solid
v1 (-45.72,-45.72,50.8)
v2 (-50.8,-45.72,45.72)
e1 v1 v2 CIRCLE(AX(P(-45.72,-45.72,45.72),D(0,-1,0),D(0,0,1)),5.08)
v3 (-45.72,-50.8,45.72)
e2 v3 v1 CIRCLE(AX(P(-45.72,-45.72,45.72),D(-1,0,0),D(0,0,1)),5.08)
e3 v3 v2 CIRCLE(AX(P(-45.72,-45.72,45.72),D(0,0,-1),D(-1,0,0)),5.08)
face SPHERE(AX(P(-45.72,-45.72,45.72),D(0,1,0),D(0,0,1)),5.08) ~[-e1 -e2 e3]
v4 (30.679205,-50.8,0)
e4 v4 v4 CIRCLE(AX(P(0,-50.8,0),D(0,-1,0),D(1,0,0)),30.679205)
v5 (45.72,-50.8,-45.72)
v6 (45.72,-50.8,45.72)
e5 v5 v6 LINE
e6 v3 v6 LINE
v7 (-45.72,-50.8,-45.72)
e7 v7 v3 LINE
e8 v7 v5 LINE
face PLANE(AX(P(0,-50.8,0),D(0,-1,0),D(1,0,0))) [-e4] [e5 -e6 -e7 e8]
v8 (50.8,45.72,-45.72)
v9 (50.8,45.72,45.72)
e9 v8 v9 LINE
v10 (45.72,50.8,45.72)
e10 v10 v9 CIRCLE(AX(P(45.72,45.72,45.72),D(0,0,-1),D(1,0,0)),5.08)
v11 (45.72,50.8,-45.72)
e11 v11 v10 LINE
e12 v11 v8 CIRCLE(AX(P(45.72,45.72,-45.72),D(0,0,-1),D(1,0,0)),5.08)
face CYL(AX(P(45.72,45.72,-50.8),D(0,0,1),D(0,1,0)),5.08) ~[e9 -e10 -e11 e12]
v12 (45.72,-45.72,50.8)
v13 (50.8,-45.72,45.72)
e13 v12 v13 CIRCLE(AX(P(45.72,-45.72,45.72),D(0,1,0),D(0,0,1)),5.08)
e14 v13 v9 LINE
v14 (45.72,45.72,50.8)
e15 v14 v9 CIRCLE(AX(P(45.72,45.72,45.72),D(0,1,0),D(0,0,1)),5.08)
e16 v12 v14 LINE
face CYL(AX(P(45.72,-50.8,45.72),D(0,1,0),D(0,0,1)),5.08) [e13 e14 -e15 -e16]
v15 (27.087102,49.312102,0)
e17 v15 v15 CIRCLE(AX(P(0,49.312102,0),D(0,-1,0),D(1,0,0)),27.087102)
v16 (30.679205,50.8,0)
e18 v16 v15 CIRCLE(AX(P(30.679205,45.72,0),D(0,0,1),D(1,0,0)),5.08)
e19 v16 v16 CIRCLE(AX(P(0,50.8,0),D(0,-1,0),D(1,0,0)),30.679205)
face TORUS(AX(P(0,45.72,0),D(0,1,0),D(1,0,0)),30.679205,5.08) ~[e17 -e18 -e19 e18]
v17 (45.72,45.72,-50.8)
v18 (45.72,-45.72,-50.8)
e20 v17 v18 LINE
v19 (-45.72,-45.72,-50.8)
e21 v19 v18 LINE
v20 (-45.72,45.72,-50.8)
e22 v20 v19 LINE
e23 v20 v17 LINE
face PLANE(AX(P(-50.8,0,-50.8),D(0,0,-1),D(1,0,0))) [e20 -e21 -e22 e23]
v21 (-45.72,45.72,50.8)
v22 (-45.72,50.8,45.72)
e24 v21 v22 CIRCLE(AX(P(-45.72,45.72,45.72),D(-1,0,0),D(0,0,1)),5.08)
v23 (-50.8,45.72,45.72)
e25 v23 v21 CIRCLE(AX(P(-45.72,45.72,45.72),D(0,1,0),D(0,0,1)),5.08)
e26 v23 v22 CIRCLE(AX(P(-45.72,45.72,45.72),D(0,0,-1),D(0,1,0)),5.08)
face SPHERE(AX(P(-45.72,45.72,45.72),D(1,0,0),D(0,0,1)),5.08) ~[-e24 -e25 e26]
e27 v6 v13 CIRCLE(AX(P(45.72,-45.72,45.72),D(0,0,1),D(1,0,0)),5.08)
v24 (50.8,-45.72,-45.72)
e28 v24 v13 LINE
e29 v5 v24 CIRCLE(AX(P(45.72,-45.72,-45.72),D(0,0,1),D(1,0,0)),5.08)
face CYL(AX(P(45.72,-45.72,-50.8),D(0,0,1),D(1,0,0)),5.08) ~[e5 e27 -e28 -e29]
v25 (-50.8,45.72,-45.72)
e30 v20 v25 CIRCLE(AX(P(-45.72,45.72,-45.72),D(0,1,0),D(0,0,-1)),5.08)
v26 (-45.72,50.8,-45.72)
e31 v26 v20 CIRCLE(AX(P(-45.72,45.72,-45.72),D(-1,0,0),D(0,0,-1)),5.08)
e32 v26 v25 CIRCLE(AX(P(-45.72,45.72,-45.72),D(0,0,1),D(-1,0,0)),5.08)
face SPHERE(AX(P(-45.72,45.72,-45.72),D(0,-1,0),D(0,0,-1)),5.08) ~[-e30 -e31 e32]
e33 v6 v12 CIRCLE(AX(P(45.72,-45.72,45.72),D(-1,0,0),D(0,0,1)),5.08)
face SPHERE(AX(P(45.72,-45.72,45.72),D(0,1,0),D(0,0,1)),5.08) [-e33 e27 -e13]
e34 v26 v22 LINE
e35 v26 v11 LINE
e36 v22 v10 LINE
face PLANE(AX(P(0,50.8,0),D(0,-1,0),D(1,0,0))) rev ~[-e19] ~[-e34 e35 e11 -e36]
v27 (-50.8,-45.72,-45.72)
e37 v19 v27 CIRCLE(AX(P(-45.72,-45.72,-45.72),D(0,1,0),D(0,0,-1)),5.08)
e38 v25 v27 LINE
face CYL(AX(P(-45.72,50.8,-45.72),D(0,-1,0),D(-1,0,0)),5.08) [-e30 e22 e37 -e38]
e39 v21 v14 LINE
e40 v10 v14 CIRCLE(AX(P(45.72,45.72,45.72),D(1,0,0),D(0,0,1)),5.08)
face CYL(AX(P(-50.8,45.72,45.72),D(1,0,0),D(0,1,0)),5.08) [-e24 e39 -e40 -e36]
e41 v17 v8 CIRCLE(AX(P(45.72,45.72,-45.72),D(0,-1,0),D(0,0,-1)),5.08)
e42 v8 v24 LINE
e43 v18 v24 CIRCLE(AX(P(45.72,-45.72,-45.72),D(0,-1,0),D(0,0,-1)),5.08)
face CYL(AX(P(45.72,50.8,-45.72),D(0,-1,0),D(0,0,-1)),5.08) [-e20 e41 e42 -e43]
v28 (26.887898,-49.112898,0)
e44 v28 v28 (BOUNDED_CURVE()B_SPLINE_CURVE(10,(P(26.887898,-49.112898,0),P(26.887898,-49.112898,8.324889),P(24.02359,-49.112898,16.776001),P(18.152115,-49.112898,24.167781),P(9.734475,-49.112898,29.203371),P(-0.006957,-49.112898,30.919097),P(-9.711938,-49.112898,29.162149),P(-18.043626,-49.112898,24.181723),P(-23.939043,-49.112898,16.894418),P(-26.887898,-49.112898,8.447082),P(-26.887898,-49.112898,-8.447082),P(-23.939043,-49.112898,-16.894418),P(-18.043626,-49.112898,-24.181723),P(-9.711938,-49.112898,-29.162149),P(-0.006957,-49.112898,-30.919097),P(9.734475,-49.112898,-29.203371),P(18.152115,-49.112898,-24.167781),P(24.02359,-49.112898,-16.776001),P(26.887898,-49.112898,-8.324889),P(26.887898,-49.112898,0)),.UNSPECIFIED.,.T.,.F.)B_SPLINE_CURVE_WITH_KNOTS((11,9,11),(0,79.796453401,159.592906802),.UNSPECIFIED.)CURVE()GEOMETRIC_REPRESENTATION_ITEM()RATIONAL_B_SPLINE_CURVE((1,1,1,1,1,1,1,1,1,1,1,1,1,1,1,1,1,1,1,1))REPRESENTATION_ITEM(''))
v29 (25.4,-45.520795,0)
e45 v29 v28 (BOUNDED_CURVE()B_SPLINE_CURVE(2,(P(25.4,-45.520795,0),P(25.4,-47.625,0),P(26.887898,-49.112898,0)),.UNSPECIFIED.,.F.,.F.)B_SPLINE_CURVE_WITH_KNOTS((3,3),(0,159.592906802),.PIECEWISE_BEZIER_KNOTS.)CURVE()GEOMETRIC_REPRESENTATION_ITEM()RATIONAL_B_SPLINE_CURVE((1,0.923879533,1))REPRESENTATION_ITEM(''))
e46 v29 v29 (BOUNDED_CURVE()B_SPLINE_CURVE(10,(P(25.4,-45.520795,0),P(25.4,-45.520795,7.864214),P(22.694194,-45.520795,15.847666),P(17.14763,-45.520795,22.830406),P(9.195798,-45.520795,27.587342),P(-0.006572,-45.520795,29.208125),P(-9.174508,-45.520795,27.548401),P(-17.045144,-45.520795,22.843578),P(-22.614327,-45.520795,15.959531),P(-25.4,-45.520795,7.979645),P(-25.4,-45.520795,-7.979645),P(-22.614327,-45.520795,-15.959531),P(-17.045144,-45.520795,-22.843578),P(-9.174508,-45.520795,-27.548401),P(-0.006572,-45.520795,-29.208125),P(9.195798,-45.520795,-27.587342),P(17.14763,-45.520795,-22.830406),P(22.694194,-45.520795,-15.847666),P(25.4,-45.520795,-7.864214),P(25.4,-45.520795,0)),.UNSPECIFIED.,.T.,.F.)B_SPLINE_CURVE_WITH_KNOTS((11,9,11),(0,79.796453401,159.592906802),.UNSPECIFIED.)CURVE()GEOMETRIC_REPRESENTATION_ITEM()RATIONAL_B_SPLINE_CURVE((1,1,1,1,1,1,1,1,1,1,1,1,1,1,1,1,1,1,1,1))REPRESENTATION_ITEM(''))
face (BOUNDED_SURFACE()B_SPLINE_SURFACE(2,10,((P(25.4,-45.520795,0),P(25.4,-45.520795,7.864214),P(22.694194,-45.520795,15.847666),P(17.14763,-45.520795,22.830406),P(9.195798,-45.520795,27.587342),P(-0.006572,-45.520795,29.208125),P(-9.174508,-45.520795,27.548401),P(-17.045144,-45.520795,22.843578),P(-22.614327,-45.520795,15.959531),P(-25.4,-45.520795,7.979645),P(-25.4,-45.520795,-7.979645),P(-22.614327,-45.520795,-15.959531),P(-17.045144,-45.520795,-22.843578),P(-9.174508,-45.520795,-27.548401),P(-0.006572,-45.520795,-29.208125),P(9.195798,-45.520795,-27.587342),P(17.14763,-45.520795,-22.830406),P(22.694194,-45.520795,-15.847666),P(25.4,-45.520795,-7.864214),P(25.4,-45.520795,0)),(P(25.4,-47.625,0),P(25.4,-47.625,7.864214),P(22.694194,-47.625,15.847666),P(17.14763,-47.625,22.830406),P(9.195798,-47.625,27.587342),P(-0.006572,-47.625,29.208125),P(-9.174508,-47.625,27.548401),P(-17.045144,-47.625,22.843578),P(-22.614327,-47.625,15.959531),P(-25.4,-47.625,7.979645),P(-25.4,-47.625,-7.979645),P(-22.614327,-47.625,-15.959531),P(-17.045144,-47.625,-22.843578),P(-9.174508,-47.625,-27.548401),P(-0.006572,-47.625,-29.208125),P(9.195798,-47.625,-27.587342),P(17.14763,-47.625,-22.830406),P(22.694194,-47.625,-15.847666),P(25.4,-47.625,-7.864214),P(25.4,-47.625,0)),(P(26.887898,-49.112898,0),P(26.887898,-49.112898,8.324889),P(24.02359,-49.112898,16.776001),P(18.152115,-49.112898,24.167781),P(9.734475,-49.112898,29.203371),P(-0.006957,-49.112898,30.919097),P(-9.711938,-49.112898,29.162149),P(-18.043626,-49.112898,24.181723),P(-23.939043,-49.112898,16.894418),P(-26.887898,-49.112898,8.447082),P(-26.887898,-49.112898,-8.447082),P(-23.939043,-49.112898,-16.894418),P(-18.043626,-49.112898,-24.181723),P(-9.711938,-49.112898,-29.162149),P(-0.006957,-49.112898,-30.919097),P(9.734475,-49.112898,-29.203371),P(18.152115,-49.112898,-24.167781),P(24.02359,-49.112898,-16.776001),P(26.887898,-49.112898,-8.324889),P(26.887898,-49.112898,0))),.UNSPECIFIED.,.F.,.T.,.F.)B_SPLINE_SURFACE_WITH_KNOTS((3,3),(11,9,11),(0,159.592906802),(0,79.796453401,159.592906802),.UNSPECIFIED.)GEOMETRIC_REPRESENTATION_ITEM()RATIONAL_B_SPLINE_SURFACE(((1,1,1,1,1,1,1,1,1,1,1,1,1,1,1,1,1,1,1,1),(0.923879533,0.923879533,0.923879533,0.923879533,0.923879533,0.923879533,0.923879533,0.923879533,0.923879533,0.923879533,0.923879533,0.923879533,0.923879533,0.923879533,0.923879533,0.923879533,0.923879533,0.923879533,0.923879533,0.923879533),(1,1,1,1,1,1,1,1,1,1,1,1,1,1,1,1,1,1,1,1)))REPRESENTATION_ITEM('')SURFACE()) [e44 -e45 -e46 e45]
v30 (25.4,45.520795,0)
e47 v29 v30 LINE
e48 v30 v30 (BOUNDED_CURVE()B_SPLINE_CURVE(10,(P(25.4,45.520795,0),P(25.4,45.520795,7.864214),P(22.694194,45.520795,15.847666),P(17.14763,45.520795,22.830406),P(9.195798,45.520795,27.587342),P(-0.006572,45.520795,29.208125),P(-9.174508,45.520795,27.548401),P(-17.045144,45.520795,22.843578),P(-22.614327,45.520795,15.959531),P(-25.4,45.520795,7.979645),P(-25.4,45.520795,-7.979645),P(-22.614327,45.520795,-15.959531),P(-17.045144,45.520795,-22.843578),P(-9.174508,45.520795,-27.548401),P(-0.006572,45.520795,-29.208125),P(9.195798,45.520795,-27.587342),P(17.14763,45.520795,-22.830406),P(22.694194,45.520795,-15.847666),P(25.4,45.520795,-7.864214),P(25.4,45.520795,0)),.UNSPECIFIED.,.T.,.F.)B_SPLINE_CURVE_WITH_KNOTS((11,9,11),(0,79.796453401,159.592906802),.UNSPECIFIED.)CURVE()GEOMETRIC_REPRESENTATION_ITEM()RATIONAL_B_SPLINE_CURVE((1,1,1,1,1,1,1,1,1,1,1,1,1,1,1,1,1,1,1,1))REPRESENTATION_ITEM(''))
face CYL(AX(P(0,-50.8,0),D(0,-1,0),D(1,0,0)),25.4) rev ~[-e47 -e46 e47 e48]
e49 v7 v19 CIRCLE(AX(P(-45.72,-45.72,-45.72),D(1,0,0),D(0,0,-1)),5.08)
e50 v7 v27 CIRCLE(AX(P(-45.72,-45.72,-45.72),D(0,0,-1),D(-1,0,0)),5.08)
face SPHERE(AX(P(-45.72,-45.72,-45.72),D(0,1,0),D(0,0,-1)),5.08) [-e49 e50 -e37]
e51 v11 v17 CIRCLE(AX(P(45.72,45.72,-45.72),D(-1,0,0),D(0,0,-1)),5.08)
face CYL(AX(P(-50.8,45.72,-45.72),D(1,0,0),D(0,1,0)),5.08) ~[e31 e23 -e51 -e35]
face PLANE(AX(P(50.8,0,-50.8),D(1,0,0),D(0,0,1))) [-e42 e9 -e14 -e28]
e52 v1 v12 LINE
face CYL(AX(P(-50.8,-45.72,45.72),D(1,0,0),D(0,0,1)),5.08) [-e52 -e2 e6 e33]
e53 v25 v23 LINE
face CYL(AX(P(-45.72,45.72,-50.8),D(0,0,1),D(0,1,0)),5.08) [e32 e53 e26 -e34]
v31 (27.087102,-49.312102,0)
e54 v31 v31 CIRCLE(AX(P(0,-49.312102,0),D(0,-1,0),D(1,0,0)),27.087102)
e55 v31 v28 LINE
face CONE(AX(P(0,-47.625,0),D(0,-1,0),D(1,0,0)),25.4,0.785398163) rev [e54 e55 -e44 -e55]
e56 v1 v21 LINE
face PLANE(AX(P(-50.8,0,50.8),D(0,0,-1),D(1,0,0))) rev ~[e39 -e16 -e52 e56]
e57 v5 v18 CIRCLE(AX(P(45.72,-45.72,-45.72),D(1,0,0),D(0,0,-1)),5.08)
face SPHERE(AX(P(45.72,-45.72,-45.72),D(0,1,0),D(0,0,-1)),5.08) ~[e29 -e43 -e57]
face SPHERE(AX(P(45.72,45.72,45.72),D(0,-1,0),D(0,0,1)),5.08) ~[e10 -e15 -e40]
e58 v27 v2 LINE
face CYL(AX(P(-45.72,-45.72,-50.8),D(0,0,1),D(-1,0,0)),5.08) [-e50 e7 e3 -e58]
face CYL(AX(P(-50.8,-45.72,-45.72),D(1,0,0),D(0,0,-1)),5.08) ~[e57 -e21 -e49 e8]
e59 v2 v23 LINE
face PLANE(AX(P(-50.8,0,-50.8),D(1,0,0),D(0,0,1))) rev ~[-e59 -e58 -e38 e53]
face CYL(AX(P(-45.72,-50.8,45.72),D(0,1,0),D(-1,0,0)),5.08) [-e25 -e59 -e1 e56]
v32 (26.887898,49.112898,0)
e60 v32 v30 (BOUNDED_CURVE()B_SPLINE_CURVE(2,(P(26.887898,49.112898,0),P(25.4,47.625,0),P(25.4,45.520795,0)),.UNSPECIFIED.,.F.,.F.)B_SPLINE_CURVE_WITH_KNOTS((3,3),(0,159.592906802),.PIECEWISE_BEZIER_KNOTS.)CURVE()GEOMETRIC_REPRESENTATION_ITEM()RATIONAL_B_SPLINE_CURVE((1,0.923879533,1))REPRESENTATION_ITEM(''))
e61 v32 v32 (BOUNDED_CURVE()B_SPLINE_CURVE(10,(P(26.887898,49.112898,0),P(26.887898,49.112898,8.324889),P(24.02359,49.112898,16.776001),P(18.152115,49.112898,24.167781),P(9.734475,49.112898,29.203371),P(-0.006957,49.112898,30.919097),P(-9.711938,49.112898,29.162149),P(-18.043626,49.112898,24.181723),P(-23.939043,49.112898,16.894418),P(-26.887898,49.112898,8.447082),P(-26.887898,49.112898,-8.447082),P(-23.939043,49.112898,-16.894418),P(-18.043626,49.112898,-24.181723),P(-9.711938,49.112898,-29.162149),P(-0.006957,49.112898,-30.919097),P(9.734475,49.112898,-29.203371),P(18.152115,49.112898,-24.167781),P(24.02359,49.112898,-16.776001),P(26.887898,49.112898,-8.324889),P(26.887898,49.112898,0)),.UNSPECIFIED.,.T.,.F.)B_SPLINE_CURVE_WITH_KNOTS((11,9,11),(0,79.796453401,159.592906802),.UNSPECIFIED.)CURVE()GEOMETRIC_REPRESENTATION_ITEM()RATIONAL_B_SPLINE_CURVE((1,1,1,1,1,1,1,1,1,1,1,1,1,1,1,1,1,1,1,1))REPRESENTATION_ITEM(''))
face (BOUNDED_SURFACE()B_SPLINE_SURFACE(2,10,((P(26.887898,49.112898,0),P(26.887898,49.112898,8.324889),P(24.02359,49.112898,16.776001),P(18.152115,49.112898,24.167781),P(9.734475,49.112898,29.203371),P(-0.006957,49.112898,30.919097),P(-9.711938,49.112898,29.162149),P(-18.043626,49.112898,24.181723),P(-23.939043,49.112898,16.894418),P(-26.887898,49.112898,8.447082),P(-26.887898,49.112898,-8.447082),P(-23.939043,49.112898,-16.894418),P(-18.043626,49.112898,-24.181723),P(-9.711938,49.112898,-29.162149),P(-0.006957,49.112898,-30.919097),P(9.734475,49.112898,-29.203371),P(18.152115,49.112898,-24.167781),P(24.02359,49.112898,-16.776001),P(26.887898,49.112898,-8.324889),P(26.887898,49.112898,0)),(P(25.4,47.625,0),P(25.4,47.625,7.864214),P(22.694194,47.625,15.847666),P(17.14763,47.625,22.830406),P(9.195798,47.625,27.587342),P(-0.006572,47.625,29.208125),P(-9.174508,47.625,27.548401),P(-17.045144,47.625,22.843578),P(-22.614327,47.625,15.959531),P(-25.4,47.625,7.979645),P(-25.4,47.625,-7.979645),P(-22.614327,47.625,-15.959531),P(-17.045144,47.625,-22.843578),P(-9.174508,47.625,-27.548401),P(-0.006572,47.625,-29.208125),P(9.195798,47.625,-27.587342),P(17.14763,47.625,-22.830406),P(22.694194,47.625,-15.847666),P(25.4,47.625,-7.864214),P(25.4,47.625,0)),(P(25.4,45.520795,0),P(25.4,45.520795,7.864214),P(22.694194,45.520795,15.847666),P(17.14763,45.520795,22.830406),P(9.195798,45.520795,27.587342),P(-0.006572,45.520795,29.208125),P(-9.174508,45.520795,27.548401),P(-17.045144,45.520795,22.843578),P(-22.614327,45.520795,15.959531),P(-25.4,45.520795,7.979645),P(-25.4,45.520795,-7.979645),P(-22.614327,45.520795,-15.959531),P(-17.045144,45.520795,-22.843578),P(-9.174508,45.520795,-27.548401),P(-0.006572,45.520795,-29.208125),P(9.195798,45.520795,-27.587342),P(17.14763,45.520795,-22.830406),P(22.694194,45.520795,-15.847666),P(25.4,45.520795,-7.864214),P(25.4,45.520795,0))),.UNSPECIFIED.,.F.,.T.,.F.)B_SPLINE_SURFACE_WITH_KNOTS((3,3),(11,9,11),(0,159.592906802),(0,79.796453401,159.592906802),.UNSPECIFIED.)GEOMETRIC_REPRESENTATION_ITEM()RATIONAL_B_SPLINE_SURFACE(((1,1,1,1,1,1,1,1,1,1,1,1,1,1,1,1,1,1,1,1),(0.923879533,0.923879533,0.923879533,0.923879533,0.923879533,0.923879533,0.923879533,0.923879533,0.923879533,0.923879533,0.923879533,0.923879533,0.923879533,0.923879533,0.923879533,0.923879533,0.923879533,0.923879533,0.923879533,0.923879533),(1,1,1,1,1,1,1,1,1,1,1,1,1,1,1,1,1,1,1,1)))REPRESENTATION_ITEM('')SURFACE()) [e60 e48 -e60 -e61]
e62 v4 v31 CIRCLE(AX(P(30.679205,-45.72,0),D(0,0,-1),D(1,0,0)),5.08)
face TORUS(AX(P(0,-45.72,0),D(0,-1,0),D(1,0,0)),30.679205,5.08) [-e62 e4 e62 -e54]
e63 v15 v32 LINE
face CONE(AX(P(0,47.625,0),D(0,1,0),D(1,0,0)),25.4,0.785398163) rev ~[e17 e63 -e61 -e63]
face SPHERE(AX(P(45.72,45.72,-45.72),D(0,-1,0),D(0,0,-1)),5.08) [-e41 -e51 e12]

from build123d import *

# Parameters (mm, degrees)
F0_W     = 101.6
F0_H     = 101.6
F1_DEPTH = 50.8
F2_R     = 25.4
F3_DEPTH = 101.601
F4_SIZE  = 3.175
F5_R     = 5.08


with BuildPart() as f1:
    # F0 (on Front) → F1 (new body, symmetric)
    with BuildSketch(Plane.XZ):
        Rectangle(F0_W, F0_H)
    extrude(amount=F1_DEPTH, both=True)

    # F2 (on face) → F3 (cut, through all)
    with BuildSketch(Plane.XZ.offset(50.8)):
        Circle(F2_R)
    extrude(amount=-F3_DEPTH, mode=Mode.SUBTRACT)

    # F4
    f4_edges = [f1.edges().sort_by_distance(p)[0] for p in [
        (-25.4, -50.8, 0),
        (-25.4, 50.8, 0),
    ]]
    chamfer(f4_edges, length=F4_SIZE)

    # F5
    f5_edges = [f1.edges().sort_by_distance(p)[0] for p in [
        (50.8, 0, -50.8),
        (50.8, 0, 50.8),
        (0, 50.8, 50.8),
        (-50.8, 0, 50.8),
        (0, -50.8, 50.8),
        (-50.8, 0, -50.8),
        (0, 50.8, -50.8),
        (0, -50.8, -50.8),
        (-50.8, 50.8, 0),
        (-50.8, -50.8, 0),
        (50.8, 50.8, 0),
        (50.8, -50.8, 0),
        (26.9875, 49.2125, 0),
        (-28.575, 50.8, 0),
        (-25.4, 47.625, 0),
        (25.4, 0, 0),
        (-25.4, -47.625, 0),
        (26.9875, -49.2125, 0),
        (-28.575, -50.8, 0),
    ]]
    fillet(f5_edges, radius=F5_R)


solid = f1.part
